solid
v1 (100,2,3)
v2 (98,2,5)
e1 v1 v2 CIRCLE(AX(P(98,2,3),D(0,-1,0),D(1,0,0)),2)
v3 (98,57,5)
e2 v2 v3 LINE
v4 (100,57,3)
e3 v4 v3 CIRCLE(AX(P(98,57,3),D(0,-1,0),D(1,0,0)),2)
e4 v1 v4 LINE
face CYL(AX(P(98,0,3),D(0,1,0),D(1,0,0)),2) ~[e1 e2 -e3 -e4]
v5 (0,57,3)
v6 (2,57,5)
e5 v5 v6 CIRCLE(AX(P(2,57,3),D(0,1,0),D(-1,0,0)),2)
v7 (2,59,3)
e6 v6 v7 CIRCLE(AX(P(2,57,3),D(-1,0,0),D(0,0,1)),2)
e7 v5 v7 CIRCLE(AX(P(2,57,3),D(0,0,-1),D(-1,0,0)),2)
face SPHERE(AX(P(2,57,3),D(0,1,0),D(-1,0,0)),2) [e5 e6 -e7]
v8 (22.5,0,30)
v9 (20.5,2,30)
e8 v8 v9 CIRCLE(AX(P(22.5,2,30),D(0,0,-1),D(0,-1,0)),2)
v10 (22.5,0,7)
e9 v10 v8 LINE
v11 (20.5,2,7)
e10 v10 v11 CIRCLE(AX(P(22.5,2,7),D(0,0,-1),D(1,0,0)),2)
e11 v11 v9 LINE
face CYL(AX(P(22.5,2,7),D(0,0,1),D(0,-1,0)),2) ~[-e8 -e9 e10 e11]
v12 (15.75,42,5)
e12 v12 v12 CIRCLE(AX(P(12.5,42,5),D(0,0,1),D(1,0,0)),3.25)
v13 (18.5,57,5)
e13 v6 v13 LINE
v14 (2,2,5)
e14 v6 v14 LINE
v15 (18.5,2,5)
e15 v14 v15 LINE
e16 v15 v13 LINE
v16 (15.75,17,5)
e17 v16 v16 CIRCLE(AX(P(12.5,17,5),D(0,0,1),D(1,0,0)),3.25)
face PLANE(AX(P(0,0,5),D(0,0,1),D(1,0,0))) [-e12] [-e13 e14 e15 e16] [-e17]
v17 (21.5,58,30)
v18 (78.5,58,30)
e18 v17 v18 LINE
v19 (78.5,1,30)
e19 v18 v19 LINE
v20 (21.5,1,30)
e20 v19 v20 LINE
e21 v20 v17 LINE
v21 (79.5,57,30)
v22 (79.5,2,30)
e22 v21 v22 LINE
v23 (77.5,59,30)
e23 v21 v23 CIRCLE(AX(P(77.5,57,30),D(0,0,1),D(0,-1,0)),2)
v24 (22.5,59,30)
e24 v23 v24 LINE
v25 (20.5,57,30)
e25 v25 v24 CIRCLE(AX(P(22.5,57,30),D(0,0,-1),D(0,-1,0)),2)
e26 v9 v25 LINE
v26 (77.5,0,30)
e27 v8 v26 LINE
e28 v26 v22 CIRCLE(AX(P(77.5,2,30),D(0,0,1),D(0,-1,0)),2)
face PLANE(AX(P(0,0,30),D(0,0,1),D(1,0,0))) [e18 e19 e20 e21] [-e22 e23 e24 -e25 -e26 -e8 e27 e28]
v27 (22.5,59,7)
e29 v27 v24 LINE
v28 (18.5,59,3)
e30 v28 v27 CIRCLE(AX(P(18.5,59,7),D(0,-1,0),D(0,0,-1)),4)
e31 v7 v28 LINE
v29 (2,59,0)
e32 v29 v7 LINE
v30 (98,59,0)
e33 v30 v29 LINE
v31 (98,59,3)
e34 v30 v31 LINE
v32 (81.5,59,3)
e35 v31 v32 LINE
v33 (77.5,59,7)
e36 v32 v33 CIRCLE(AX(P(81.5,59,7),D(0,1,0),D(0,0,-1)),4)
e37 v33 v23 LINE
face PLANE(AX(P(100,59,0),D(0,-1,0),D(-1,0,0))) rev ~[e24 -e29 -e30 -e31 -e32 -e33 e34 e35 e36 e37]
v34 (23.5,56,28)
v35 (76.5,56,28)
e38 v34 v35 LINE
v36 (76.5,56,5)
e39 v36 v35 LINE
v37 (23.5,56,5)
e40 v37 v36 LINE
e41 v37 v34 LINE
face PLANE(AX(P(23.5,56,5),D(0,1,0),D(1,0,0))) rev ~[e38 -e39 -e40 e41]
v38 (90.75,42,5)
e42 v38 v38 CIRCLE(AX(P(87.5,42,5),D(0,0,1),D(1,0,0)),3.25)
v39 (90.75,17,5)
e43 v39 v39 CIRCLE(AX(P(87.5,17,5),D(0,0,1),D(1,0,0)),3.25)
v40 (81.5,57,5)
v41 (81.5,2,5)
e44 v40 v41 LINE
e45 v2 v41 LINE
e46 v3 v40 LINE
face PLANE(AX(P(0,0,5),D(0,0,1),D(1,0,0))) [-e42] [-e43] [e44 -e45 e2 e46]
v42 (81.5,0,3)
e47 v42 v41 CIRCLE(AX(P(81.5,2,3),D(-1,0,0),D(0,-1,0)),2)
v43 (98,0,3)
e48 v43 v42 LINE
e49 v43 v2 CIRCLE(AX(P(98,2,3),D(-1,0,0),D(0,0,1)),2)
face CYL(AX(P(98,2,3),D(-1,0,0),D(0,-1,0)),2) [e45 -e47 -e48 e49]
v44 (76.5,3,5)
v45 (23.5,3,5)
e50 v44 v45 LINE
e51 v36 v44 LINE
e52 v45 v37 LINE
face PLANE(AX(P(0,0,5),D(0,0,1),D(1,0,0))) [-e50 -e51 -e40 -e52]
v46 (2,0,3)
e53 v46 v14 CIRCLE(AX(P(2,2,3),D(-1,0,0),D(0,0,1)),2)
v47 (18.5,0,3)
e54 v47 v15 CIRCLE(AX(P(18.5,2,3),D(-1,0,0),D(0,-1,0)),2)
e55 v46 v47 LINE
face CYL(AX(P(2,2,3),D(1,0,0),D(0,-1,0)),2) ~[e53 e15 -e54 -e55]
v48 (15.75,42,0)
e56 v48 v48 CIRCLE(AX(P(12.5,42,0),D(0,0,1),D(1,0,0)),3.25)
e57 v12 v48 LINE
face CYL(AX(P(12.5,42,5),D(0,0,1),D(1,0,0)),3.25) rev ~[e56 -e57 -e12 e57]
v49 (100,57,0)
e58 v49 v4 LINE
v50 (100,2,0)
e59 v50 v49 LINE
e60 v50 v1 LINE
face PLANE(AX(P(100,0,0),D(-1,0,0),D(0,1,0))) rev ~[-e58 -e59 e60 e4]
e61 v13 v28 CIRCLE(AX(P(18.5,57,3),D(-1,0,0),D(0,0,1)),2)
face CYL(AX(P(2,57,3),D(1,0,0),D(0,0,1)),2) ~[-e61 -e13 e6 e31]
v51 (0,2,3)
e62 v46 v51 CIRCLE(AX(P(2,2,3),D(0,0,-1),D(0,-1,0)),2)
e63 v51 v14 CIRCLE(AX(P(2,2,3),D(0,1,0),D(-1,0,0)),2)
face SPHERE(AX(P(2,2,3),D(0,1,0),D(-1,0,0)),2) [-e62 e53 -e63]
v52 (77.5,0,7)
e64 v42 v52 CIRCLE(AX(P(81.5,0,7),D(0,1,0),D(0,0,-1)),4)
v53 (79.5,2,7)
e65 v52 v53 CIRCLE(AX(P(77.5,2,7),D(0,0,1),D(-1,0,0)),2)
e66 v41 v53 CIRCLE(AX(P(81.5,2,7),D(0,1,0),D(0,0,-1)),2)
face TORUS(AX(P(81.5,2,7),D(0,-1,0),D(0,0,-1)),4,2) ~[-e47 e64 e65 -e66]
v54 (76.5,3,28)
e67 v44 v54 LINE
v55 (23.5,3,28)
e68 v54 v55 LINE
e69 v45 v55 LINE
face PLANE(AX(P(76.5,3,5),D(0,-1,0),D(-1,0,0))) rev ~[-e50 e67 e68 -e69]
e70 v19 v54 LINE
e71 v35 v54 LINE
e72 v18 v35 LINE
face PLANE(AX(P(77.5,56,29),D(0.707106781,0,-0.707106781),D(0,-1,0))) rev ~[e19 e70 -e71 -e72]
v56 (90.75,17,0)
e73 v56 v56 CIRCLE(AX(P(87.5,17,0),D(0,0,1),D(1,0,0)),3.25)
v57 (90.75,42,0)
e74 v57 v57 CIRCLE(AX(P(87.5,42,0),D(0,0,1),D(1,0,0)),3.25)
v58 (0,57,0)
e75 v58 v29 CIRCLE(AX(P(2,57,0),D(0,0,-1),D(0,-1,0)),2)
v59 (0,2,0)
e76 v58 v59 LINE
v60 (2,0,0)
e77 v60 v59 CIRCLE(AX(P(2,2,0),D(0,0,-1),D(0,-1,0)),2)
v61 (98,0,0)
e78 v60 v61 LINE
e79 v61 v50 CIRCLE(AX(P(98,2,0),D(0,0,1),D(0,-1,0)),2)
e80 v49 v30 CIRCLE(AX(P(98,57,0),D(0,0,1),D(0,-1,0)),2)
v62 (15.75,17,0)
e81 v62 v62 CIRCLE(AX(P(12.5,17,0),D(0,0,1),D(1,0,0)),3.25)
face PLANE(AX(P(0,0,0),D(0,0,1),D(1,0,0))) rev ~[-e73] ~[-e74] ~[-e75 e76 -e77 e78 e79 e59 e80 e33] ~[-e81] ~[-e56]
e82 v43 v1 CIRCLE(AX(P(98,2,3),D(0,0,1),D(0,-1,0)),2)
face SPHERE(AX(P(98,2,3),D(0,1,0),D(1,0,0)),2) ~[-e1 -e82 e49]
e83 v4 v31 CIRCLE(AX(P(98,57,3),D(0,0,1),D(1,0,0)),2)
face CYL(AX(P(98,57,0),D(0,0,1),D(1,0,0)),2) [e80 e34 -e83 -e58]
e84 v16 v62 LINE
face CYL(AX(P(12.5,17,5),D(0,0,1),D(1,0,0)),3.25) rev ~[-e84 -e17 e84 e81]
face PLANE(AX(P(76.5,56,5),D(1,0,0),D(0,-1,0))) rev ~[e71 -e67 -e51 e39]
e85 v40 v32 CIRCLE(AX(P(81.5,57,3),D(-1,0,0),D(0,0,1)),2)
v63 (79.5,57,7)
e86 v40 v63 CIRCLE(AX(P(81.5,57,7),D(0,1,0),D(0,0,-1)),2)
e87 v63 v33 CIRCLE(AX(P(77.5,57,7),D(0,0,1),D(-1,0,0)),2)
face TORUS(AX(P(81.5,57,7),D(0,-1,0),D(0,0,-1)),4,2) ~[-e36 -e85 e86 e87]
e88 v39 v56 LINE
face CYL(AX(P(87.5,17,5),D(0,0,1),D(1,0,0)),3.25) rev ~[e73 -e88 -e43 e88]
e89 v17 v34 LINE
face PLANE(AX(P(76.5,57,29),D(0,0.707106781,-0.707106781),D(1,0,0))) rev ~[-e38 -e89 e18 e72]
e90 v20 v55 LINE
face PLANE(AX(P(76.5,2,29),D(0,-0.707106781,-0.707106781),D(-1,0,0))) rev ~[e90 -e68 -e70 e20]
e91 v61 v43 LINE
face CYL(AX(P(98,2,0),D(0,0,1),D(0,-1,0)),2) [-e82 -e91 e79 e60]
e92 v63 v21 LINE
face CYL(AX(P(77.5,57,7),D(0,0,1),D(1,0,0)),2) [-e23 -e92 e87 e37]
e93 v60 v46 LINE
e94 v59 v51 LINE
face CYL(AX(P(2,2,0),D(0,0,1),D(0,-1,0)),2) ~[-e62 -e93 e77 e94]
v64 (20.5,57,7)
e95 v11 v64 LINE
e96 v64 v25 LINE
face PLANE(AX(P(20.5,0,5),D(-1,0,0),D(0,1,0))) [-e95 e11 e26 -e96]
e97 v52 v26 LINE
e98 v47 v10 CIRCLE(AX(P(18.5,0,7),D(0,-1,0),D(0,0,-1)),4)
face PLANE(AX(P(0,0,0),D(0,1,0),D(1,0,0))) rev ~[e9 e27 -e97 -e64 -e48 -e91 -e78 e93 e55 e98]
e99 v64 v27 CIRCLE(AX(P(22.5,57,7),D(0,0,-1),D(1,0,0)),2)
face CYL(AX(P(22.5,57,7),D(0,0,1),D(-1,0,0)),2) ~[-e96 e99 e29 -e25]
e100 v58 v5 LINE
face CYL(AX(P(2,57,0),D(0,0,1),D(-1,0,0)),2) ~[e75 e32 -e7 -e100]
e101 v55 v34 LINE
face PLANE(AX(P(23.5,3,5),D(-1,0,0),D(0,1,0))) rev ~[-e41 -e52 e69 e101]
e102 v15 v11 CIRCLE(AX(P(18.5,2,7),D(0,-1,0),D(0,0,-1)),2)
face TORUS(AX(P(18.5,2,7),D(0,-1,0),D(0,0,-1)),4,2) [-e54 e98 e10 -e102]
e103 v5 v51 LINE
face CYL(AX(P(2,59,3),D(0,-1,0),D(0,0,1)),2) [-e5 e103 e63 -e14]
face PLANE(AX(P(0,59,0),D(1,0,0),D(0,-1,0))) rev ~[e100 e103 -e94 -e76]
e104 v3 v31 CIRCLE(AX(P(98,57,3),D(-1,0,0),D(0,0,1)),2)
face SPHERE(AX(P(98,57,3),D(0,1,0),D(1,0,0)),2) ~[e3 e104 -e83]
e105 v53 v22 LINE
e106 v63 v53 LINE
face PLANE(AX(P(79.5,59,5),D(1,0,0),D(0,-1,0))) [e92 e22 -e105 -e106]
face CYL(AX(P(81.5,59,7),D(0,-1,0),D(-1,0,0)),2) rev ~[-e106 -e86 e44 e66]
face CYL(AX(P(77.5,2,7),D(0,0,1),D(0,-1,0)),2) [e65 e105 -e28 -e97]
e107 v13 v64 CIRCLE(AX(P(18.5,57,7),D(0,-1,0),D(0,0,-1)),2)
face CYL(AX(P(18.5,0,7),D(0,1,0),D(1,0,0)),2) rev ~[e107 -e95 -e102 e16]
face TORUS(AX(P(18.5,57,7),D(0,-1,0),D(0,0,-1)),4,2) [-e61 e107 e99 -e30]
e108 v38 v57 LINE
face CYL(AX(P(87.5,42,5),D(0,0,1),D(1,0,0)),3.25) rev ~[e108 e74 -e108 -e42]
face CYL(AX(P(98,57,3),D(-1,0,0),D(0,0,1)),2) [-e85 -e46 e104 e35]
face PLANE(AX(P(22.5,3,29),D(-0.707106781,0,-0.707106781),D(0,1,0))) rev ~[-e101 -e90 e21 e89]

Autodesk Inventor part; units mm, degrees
ref_plane "YZ Plane" through (0, 0, 0) normal (1, 0, 0) x (0, 1, 0)
ref_plane "XZ Plane" through (0, 0, 0) normal (0, 1, 0) x (-1, 0, 0)
ref_plane "XY Plane" through (0, 0, 0) normal (0, 0, 1) x (1, 0, 0)
sketch "Sketch1" plane through (0, 0, 0) normal (0, 0, 1) x (1, 0, 0)
  line L0 (0, 0) -> (100, 0)
  line L1 (100, 0) -> (100, 59)
  line L2 (100, 59) -> (0, 59)
  line L3 (0, 59) -> (0, 0)
  dimension "d0" = 100
  dimension "d1" = 59
extrude "Extrusion1" add sketch "Sketch1" along normal blind 5
sketch "Sketch2" plane through (0, 0, 5) normal (0, 0, 1) x (1, 0, 0)
  line L0 (0, 0) -> (100, 0) projected
  line L1 (100, 59) -> (0, 59) projected
  line L2 (79.5, 0) -> (20.5, 0)
  line L3 (20.5, 0) -> (20.5, 59)
  line L4 (20.5, 59) -> (79.5, 59)
  line L5 (79.5, 59) -> (79.5, 0)
  line L6 (76.5, 3) -> (23.5, 3)
  line L7 (23.5, 3) -> (23.5, 56)
  line L8 (23.5, 56) -> (76.5, 56)
  line L9 (76.5, 56) -> (76.5, 3)
  line L10 (100, 0) -> (100, 59) projected
  point P0 (79.5, 59)
  point P1 (20.5, 0)
  dimension "d4" = 59
  dimension "d5" = 53
  dimension "d6" = 3
  dimension "d7" = 3
  dimension "d8" = 3
  dimension "d9" = 20.5
extrude "Extrusion2" add sketch "Sketch2" along normal blind 25 contours L3 L1 L5 L0
chamfer "Chamfer1" distance 2 angle 45 1 edges at (50, 3, 30)
chamfer "Chamfer2" distance 2 angle 45 1 edges at (76.5, 29.5, 30)
chamfer "Chamfer3" distance 2 angle 45 2 edges at (50, 56, 30) (23.5, 29.5, 30)
sketch "Sketch3" plane through (0, 0, 5) normal (0, 0, 1) x (1, 0, 0)
  circle A0 centre (87.5, 17) radius 3.25
  circle A1 centre (87.5, 42) radius 3.25
  line L0 (100, 0) -> (100, 59) projected
  line L1 (0, 0) -> (100, 0) projected
  line L2 (50, -16.6248) -> (50, 70.7208)
  line L3 (0, 59) -> (0, 0) projected
  circle A2 centre (12.5, 17) radius 3.25
  circle A3 centre (12.5, 42) radius 3.25
  point P0 (79.5, 0)
  dimension "d21" = 6.5
  dimension "d22" = 6.5
  dimension "d23" = 12.5
  dimension "d24" = 12.5
  dimension "d25" = 25
  dimension "d26" = 17
  dimension "d27" = 50
extrude "Extrusion3" cut sketch "Sketch3" against normal blind 60
fillet "Fillet1" radius 2 2 edges at (20.5, 29.5, 5) (79.5, 29.5, 5)
fillet "Fillet2" radius 2 2 edges at (0, 29.5, 5) (100, 29.5, 5)
fillet "Fillet3" radius 2 20 edges at (20.5, 0, 18.5) (19.9142, 0, 5.5858) (10.25, 0, 5) (0.5858, 0, 4.4142) (0, 0, 1.5) (79.5, 0, 18.5) (80.0858, 0, 5.5858) (89.75, 0, 5) (99.4142, 0, 4.4142) (100, 0, 1.5) (79.5, 59, 18.5) (80.0858, 59, 5.5858) (89.75, 59, 5) (99.4142, 59, 4.4142) (100, 59, 1.5) (20.5, 59, 18.5) (19.9142, 59, 5.5858) (10.25, 59, 5) (0.5858, 59, 4.4142) (0, 59, 1.5)
properties part number "trypsinHolder"
